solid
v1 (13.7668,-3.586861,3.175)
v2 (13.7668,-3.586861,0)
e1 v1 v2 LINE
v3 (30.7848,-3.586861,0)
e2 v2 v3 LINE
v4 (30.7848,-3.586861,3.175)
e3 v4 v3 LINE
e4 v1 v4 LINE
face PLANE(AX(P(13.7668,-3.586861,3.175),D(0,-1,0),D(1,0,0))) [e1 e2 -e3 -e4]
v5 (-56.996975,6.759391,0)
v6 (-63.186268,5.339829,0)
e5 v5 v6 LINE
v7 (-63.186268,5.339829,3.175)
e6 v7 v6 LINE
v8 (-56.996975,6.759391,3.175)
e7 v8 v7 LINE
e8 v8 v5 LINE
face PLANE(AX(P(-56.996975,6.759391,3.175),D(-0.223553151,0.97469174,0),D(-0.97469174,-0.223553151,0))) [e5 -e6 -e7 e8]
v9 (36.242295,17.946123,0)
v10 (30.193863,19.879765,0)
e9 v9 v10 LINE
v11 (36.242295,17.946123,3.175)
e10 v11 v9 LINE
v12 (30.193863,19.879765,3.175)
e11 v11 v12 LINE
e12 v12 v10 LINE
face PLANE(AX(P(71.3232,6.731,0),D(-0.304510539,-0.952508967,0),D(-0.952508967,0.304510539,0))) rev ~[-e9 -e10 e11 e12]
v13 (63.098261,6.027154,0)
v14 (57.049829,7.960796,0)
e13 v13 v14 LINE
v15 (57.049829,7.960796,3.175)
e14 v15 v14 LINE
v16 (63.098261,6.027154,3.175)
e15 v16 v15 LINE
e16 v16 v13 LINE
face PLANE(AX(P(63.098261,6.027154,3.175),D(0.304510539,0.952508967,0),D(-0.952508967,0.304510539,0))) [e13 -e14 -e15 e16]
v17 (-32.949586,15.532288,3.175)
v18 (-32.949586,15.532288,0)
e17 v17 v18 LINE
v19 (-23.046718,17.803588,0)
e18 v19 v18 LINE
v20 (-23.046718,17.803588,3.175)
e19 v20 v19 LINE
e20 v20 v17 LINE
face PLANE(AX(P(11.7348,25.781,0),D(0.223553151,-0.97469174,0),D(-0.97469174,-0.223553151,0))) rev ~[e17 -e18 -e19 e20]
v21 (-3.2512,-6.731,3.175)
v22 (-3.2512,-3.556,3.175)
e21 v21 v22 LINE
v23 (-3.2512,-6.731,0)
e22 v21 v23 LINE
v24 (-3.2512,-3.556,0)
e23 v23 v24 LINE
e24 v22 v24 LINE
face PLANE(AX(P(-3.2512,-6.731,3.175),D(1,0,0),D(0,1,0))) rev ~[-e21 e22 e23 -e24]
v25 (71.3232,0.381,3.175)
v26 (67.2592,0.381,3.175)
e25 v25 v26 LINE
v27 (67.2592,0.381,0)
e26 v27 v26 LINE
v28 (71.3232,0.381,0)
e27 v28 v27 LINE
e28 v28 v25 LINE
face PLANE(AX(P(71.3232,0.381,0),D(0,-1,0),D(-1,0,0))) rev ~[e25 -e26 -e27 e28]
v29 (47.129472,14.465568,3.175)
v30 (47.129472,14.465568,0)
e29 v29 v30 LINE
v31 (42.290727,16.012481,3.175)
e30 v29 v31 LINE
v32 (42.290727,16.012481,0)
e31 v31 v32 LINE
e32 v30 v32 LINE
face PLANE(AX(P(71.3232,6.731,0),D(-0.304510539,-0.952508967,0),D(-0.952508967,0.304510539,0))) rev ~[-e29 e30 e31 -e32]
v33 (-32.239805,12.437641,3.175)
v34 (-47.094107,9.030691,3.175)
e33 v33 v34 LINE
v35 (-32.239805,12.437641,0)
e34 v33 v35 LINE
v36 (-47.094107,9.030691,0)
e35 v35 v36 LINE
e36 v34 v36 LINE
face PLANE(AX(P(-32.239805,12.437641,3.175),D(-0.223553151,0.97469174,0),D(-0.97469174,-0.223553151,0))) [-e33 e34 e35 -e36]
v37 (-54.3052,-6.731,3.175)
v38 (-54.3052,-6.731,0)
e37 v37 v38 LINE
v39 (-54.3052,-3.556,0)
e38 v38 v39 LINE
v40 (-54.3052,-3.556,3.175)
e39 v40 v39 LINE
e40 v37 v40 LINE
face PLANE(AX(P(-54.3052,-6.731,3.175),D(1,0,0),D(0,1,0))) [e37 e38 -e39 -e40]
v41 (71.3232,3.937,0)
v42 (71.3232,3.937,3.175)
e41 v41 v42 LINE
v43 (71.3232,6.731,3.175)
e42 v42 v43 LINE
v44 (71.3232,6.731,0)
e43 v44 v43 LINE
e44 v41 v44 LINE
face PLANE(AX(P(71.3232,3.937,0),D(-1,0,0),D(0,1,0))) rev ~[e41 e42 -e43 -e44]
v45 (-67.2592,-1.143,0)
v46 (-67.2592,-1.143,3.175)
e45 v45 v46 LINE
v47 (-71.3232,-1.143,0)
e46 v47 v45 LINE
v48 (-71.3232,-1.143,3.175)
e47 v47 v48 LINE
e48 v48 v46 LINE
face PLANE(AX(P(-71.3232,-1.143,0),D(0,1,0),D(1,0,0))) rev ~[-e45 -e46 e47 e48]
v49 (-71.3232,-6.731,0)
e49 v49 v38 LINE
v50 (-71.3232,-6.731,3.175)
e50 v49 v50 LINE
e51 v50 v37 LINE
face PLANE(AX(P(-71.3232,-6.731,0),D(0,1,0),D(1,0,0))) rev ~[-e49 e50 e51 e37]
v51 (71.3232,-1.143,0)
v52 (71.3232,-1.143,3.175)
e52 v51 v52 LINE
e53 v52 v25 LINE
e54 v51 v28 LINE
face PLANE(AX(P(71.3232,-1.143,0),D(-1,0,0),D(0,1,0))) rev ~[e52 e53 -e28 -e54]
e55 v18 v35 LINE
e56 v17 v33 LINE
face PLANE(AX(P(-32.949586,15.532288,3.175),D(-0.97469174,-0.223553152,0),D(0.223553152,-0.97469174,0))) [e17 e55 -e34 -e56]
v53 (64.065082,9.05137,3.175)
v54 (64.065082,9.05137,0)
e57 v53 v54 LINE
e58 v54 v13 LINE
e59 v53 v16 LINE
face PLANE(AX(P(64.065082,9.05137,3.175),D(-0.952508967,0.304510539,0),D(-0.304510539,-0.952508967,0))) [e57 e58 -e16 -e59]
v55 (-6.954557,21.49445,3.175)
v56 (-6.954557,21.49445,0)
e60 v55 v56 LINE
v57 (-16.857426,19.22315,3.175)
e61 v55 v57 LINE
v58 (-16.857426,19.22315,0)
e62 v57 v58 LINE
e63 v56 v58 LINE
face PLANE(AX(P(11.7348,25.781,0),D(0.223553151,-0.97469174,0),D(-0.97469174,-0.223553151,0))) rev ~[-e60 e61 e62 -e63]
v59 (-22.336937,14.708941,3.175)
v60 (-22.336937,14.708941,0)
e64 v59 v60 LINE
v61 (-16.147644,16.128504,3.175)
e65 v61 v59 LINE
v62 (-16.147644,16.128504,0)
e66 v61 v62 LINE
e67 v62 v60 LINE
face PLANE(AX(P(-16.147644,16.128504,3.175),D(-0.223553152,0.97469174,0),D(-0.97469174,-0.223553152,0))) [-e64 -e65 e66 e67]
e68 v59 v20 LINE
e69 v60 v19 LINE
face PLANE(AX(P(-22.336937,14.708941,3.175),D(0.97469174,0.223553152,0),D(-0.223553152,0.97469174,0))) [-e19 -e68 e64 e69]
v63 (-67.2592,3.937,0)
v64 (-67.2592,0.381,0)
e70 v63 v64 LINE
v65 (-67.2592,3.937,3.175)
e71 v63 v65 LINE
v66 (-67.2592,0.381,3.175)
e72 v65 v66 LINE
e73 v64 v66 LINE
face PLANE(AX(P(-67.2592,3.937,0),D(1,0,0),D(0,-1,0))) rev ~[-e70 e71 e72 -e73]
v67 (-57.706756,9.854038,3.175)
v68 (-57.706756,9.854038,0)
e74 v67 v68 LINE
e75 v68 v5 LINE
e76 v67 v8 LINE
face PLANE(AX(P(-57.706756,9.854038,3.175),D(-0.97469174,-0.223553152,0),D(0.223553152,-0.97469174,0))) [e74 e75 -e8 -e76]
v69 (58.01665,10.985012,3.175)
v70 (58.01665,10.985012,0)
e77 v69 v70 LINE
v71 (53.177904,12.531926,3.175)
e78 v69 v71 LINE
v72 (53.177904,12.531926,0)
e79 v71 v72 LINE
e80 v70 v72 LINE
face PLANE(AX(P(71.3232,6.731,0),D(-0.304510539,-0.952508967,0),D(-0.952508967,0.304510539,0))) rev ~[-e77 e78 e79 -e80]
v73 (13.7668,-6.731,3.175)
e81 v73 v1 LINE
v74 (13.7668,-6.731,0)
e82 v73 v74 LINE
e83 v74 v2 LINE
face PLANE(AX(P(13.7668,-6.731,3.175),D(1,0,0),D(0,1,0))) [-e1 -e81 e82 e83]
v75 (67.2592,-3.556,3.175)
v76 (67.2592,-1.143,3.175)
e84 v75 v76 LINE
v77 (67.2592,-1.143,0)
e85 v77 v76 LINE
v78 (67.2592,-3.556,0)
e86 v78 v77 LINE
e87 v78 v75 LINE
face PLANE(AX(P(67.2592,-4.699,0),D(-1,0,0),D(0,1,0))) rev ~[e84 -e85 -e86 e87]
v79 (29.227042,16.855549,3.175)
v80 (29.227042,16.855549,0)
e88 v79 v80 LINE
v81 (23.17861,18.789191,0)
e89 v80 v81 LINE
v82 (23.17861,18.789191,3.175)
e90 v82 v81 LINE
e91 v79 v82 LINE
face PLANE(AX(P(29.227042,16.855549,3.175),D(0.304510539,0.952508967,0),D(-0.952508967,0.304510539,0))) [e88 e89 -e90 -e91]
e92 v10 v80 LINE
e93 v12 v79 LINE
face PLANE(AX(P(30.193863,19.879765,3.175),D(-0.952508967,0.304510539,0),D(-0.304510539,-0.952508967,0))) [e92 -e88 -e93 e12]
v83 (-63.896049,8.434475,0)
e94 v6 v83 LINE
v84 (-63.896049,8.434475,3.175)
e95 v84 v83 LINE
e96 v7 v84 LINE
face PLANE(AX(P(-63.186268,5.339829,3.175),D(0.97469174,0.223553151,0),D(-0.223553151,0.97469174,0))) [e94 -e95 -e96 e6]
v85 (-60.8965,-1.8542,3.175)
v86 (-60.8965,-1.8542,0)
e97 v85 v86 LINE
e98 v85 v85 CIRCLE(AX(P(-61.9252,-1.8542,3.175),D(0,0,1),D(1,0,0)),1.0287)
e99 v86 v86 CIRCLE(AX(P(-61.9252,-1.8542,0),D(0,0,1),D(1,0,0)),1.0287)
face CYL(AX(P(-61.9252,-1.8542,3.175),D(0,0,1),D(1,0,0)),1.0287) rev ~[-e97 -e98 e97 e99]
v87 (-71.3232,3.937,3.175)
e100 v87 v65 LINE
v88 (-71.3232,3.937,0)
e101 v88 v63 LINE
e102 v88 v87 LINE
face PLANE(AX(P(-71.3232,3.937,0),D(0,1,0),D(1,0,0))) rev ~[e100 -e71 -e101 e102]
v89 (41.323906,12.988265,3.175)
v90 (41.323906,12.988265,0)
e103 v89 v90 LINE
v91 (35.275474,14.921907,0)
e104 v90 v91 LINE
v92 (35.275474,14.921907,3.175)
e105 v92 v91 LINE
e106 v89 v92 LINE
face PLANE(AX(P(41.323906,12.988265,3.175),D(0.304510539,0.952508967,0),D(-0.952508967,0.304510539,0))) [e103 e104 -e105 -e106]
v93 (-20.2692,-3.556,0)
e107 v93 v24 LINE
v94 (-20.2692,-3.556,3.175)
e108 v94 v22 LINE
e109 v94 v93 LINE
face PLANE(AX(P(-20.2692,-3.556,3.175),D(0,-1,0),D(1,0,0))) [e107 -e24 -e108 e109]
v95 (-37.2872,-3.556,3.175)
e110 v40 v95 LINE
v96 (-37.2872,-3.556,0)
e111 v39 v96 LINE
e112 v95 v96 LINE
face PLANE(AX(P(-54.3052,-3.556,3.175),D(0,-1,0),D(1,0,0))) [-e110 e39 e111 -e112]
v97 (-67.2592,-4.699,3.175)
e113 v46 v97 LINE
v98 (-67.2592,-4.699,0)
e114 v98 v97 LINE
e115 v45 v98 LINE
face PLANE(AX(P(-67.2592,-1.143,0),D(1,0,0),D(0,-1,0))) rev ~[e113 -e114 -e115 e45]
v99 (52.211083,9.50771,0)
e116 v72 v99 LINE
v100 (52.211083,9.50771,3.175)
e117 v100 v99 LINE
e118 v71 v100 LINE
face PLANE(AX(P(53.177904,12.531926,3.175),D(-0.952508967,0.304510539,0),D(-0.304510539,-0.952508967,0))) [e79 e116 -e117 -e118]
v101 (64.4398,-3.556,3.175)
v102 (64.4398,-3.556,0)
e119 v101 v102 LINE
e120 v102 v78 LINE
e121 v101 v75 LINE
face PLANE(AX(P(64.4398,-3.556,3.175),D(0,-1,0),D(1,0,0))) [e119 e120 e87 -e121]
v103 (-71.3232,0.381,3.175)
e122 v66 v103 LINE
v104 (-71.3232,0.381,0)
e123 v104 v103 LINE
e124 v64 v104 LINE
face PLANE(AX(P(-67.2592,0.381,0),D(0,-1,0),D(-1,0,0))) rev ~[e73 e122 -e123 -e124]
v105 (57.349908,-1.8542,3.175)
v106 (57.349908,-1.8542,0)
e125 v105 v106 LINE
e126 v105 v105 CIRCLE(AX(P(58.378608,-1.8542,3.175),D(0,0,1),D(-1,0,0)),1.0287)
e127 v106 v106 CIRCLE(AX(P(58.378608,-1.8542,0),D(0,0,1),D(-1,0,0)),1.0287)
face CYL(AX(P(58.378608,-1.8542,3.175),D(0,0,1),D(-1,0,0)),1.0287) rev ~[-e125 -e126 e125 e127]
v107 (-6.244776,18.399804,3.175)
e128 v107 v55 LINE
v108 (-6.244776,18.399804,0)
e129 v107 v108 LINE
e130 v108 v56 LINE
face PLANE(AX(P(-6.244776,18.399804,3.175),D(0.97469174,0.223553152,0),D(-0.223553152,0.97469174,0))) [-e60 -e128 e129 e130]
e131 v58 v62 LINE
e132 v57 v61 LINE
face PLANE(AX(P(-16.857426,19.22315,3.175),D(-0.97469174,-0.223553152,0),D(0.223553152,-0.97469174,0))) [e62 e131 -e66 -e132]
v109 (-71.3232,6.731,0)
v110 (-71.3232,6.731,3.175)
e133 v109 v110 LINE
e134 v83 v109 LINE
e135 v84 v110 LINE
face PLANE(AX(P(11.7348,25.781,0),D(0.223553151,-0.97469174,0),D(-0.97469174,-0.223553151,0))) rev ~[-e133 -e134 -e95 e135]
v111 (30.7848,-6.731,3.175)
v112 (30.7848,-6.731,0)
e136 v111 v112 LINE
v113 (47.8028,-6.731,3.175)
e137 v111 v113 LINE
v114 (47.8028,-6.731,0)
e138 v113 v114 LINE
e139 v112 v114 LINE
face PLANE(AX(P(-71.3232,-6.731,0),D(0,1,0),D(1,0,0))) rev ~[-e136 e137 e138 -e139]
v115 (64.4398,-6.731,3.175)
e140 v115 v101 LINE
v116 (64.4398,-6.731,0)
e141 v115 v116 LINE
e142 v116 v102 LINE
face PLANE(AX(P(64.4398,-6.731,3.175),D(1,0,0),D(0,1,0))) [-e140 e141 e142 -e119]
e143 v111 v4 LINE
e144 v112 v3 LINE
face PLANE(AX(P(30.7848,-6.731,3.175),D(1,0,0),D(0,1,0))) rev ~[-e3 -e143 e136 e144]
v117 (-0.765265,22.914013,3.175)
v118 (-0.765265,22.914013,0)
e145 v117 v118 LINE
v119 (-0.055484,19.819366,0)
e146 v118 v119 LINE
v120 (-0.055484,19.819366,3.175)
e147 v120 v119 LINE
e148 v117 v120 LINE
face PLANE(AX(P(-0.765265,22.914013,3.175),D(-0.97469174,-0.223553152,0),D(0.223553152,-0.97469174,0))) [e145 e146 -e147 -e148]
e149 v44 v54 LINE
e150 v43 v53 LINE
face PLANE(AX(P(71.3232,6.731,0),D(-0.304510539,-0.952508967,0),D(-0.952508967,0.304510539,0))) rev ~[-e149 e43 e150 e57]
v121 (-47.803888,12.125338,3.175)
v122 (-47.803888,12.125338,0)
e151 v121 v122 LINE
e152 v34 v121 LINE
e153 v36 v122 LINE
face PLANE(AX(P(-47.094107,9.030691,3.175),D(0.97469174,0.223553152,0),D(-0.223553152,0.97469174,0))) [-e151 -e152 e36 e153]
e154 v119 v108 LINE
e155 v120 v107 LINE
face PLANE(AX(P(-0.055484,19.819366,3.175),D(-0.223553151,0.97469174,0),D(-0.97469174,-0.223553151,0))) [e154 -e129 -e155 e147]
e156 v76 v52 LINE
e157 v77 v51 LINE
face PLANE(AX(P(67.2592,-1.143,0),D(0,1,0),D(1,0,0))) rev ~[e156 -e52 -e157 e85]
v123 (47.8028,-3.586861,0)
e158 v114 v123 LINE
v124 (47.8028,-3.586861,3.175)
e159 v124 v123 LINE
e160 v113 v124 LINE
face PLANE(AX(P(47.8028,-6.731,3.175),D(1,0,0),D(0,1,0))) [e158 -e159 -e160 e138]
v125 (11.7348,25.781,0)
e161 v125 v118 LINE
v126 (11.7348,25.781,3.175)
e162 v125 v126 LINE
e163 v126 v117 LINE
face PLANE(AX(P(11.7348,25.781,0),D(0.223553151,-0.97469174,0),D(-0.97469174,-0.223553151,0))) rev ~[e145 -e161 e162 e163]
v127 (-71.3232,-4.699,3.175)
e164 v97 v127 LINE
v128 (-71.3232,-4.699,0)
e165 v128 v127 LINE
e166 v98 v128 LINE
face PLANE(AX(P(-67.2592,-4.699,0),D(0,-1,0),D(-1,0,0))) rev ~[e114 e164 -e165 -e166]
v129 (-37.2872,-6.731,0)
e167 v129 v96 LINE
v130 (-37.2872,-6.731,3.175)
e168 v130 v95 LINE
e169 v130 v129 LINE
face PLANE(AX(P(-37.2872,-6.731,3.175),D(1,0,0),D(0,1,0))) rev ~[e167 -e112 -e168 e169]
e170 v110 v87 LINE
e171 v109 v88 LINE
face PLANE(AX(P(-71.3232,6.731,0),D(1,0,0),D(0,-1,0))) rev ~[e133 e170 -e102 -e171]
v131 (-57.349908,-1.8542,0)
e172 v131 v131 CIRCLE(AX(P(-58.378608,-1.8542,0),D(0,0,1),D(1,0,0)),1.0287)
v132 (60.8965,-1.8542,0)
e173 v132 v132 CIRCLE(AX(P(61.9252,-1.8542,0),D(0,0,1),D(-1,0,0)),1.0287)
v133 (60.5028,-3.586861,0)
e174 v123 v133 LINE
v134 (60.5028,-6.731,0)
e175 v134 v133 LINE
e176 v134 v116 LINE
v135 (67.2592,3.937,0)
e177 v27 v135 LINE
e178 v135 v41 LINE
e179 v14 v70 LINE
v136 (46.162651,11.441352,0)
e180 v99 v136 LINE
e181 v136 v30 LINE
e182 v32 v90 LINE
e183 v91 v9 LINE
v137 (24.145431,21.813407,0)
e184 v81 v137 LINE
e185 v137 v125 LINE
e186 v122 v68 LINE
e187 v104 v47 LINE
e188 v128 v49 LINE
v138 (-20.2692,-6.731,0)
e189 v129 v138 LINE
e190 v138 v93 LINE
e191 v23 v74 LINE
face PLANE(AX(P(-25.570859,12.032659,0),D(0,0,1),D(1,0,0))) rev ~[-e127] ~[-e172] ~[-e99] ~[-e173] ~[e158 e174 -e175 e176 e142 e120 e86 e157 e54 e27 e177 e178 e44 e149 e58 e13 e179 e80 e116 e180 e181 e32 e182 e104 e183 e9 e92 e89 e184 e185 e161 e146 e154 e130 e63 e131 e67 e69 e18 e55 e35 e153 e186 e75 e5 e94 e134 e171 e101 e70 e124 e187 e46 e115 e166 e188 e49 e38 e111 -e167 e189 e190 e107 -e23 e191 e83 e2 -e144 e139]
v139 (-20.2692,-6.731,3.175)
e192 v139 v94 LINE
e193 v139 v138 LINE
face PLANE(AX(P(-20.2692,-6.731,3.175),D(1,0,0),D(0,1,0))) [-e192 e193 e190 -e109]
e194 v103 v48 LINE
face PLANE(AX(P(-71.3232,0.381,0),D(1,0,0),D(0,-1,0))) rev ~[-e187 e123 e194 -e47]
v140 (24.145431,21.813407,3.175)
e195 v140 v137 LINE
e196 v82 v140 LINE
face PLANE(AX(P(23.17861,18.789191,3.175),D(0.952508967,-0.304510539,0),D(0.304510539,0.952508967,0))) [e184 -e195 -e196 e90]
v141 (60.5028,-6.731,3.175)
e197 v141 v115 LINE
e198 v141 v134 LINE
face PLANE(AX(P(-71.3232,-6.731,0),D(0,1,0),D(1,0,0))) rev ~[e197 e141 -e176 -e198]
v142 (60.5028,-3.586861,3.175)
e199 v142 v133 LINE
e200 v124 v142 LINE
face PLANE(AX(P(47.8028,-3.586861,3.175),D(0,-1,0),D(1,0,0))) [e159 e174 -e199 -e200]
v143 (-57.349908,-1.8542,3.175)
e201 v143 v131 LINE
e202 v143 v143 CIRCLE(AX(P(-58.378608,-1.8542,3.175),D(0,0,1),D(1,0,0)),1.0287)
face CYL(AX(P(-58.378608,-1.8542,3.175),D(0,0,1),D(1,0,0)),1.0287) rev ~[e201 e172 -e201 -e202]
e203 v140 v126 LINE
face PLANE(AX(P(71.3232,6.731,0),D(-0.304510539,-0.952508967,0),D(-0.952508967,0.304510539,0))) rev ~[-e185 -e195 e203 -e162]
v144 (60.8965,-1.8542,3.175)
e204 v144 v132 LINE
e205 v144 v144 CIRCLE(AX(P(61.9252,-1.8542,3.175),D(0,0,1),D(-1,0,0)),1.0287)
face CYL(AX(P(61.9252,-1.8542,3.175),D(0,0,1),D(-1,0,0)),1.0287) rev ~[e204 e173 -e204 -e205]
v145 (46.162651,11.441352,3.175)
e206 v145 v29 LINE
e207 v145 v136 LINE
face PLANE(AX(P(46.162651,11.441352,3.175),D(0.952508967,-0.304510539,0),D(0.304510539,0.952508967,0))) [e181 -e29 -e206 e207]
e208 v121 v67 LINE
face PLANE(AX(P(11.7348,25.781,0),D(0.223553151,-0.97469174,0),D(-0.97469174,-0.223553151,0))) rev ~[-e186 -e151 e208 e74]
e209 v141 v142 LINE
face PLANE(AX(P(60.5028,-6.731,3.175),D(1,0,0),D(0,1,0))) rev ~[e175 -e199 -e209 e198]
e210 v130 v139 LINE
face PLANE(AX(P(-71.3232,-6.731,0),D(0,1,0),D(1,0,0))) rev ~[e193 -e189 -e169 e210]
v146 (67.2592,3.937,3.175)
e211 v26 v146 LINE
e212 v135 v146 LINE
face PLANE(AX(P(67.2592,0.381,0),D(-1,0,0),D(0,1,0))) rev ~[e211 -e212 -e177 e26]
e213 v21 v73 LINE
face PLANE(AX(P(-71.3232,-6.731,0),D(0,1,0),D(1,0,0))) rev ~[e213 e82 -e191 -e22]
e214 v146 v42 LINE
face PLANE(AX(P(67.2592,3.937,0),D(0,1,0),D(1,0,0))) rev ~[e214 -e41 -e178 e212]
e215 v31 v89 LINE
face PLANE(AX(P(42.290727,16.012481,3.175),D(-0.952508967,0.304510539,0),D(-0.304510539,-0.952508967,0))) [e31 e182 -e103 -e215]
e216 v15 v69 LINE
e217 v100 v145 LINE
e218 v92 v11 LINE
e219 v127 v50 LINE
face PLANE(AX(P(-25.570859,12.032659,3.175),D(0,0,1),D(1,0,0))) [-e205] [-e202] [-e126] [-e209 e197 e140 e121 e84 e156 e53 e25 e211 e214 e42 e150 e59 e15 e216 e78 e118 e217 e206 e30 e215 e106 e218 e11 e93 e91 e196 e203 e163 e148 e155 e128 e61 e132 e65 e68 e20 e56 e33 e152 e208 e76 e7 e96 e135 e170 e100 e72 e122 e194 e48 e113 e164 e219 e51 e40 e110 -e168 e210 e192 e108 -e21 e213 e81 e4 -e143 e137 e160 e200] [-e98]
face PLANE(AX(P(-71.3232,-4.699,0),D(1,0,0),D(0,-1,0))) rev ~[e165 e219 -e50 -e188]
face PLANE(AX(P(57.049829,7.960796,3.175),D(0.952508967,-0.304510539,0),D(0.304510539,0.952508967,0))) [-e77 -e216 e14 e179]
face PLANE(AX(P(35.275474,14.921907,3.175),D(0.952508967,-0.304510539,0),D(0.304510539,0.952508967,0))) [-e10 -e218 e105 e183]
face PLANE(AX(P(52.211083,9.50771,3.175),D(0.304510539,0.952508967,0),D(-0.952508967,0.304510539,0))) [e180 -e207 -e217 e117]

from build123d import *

# Parameters (mm, degrees)
BOSS_EXTRUDE1_DEPTH = 3.175
SKETCH4_W           = 17.018
SKETCH4_H           = 3.175
SKETCH4_H_2         = 3.144138513
SKETCH4_W_2         = 3.937
SKETCH4_W_3         = 12.7
CUT_EXTRUDE1_DEPTH  = 3.175
SKETCH5_W           = 7.516860114
SKETCH5_H           = 3.175
CUT_EXTRUDE2_DEPTH  = 3.175
SKETCH6_R           = 1.0287
CUT_EXTRUDE3_DEPTH  = 3.175
CUT_EXTRUDE4_DEPTH  = 4.064


with BuildPart() as part:
    # Sketch2 → Boss-Extrude1 (new body)
    with BuildSketch(Plane.XY):
        Polygon((-71.3232, 6.731), (11.7348, 6.731), (11.7348, 25.781), align=None)
        Polygon((11.7348, 25.781), (11.7348, 6.731), (71.3232, 6.731), align=None)
        Polygon((11.7348, 6.731), (11.7348, -6.731), (71.3232, -6.731), (71.3232, -4.699), (67.2592, -4.699), (67.2592, -1.143), (71.3232, -1.143), (71.3232, 0.381), (67.2592, 0.381), (67.2592, 3.937), (71.3232, 3.937), (71.3232, 4.572927428), (71.3232, 6.731), align=None)
        Polygon((-71.3232, -6.731), (11.7348, -6.731), (11.7348, 6.731), (-71.3232, 6.731), (-71.3232, 3.937), (-67.2592, 3.937), (-67.2592, 0.381), (-71.3232, 0.381), (-71.3232, -1.143), (-67.2592, -1.143), (-67.2592, -4.699), (-71.3232, -4.699), align=None)
    extrude(amount=BOSS_EXTRUDE1_DEPTH)

    # Sketch4 → Cut-Extrude1 (cut)
    with BuildSketch(Plane.XY.offset(3.175)):
        with Locations((-45.7962, -5.1435)):
            Rectangle(SKETCH4_W, SKETCH4_H)
        with Locations((-11.7602, -5.1435)):
            Rectangle(SKETCH4_W, SKETCH4_H)
        with Locations((22.2758, -5.158930744)):
            Rectangle(SKETCH4_W, SKETCH4_H_2)
        with Locations((75.1713, -5.1435)):
            Rectangle(SKETCH4_W_2, SKETCH4_H)
        with Locations((54.1528, -5.158930744)):
            Rectangle(SKETCH4_W_3, SKETCH4_H_2)
    extrude(amount=-CUT_EXTRUDE1_DEPTH, mode=Mode.SUBTRACT)

    # Sketch5 → Cut-Extrude2 (cut)
    with BuildSketch(Plane.XY.offset(3.175)):
        with Locations((68.198230057, -5.1435)):
            Rectangle(SKETCH5_W, SKETCH5_H)
    extrude(amount=-CUT_EXTRUDE2_DEPTH, mode=Mode.SUBTRACT)

    # Sketch6 → Cut-Extrude3 (cut)
    with BuildSketch(Plane.XY.offset(3.175)):
        with Locations((-61.9252, -1.8542)):
            Circle(SKETCH6_R)
        with Locations((-58.378607788, -1.8542)):
            Circle(SKETCH6_R)
        with Locations(Location((61.9252, -1.8542, 0), (0, 0, 180))):
            Circle(SKETCH6_R)
        with Locations(Location((58.378607788, -1.8542, 0), (0, 0, 180))):
            Circle(SKETCH6_R)
    extrude(amount=-CUT_EXTRUDE3_DEPTH, mode=Mode.SUBTRACT)

    # Sketch7 → Cut-Extrude4 (cut)
    with BuildSketch(Plane.XY.offset(3.175)):
        Polygon((-63.896048939, 8.434475014), (-57.706756389, 9.854037525), (-56.996975133, 6.75939125), (-63.186267684, 5.339828739), align=None)
        Polygon((-47.803888308, 12.125337544), (-32.949586187, 15.532287572), (-32.239804931, 12.437641297), (-47.094107052, 9.030691269), align=None)
        Polygon((-23.046718106, 17.80358759), (-16.857425556, 19.223150102), (-16.1476443, 16.128503827), (-22.33693685, 14.708941315), align=None)
        Polygon((-6.954557475, 21.49445012), (-0.765264924, 22.914012632), (-0.055483668, 19.819366357), (-6.244776219, 18.399803845), align=None)
        Polygon((24.145430883, 21.813407007), (30.193862821, 19.879765083), (29.227041859, 16.855549114), (23.178609921, 18.789191038), align=None)
        Polygon((36.242294759, 17.946123159), (42.290726697, 16.012481235), (41.323905735, 12.988265266), (35.275473797, 14.92190719), align=None)
        Polygon((47.129472248, 14.465567696), (53.177904186, 12.531925772), (52.211083224, 9.507709803), (46.162651286, 11.441351727), align=None)
        Polygon((58.016649736, 10.985012233), (64.065081674, 9.051370309), (63.098260712, 6.02715434), (57.049828774, 7.960796264), align=None)
    extrude(amount=-CUT_EXTRUDE4_DEPTH, mode=Mode.SUBTRACT)


solid = part.part
